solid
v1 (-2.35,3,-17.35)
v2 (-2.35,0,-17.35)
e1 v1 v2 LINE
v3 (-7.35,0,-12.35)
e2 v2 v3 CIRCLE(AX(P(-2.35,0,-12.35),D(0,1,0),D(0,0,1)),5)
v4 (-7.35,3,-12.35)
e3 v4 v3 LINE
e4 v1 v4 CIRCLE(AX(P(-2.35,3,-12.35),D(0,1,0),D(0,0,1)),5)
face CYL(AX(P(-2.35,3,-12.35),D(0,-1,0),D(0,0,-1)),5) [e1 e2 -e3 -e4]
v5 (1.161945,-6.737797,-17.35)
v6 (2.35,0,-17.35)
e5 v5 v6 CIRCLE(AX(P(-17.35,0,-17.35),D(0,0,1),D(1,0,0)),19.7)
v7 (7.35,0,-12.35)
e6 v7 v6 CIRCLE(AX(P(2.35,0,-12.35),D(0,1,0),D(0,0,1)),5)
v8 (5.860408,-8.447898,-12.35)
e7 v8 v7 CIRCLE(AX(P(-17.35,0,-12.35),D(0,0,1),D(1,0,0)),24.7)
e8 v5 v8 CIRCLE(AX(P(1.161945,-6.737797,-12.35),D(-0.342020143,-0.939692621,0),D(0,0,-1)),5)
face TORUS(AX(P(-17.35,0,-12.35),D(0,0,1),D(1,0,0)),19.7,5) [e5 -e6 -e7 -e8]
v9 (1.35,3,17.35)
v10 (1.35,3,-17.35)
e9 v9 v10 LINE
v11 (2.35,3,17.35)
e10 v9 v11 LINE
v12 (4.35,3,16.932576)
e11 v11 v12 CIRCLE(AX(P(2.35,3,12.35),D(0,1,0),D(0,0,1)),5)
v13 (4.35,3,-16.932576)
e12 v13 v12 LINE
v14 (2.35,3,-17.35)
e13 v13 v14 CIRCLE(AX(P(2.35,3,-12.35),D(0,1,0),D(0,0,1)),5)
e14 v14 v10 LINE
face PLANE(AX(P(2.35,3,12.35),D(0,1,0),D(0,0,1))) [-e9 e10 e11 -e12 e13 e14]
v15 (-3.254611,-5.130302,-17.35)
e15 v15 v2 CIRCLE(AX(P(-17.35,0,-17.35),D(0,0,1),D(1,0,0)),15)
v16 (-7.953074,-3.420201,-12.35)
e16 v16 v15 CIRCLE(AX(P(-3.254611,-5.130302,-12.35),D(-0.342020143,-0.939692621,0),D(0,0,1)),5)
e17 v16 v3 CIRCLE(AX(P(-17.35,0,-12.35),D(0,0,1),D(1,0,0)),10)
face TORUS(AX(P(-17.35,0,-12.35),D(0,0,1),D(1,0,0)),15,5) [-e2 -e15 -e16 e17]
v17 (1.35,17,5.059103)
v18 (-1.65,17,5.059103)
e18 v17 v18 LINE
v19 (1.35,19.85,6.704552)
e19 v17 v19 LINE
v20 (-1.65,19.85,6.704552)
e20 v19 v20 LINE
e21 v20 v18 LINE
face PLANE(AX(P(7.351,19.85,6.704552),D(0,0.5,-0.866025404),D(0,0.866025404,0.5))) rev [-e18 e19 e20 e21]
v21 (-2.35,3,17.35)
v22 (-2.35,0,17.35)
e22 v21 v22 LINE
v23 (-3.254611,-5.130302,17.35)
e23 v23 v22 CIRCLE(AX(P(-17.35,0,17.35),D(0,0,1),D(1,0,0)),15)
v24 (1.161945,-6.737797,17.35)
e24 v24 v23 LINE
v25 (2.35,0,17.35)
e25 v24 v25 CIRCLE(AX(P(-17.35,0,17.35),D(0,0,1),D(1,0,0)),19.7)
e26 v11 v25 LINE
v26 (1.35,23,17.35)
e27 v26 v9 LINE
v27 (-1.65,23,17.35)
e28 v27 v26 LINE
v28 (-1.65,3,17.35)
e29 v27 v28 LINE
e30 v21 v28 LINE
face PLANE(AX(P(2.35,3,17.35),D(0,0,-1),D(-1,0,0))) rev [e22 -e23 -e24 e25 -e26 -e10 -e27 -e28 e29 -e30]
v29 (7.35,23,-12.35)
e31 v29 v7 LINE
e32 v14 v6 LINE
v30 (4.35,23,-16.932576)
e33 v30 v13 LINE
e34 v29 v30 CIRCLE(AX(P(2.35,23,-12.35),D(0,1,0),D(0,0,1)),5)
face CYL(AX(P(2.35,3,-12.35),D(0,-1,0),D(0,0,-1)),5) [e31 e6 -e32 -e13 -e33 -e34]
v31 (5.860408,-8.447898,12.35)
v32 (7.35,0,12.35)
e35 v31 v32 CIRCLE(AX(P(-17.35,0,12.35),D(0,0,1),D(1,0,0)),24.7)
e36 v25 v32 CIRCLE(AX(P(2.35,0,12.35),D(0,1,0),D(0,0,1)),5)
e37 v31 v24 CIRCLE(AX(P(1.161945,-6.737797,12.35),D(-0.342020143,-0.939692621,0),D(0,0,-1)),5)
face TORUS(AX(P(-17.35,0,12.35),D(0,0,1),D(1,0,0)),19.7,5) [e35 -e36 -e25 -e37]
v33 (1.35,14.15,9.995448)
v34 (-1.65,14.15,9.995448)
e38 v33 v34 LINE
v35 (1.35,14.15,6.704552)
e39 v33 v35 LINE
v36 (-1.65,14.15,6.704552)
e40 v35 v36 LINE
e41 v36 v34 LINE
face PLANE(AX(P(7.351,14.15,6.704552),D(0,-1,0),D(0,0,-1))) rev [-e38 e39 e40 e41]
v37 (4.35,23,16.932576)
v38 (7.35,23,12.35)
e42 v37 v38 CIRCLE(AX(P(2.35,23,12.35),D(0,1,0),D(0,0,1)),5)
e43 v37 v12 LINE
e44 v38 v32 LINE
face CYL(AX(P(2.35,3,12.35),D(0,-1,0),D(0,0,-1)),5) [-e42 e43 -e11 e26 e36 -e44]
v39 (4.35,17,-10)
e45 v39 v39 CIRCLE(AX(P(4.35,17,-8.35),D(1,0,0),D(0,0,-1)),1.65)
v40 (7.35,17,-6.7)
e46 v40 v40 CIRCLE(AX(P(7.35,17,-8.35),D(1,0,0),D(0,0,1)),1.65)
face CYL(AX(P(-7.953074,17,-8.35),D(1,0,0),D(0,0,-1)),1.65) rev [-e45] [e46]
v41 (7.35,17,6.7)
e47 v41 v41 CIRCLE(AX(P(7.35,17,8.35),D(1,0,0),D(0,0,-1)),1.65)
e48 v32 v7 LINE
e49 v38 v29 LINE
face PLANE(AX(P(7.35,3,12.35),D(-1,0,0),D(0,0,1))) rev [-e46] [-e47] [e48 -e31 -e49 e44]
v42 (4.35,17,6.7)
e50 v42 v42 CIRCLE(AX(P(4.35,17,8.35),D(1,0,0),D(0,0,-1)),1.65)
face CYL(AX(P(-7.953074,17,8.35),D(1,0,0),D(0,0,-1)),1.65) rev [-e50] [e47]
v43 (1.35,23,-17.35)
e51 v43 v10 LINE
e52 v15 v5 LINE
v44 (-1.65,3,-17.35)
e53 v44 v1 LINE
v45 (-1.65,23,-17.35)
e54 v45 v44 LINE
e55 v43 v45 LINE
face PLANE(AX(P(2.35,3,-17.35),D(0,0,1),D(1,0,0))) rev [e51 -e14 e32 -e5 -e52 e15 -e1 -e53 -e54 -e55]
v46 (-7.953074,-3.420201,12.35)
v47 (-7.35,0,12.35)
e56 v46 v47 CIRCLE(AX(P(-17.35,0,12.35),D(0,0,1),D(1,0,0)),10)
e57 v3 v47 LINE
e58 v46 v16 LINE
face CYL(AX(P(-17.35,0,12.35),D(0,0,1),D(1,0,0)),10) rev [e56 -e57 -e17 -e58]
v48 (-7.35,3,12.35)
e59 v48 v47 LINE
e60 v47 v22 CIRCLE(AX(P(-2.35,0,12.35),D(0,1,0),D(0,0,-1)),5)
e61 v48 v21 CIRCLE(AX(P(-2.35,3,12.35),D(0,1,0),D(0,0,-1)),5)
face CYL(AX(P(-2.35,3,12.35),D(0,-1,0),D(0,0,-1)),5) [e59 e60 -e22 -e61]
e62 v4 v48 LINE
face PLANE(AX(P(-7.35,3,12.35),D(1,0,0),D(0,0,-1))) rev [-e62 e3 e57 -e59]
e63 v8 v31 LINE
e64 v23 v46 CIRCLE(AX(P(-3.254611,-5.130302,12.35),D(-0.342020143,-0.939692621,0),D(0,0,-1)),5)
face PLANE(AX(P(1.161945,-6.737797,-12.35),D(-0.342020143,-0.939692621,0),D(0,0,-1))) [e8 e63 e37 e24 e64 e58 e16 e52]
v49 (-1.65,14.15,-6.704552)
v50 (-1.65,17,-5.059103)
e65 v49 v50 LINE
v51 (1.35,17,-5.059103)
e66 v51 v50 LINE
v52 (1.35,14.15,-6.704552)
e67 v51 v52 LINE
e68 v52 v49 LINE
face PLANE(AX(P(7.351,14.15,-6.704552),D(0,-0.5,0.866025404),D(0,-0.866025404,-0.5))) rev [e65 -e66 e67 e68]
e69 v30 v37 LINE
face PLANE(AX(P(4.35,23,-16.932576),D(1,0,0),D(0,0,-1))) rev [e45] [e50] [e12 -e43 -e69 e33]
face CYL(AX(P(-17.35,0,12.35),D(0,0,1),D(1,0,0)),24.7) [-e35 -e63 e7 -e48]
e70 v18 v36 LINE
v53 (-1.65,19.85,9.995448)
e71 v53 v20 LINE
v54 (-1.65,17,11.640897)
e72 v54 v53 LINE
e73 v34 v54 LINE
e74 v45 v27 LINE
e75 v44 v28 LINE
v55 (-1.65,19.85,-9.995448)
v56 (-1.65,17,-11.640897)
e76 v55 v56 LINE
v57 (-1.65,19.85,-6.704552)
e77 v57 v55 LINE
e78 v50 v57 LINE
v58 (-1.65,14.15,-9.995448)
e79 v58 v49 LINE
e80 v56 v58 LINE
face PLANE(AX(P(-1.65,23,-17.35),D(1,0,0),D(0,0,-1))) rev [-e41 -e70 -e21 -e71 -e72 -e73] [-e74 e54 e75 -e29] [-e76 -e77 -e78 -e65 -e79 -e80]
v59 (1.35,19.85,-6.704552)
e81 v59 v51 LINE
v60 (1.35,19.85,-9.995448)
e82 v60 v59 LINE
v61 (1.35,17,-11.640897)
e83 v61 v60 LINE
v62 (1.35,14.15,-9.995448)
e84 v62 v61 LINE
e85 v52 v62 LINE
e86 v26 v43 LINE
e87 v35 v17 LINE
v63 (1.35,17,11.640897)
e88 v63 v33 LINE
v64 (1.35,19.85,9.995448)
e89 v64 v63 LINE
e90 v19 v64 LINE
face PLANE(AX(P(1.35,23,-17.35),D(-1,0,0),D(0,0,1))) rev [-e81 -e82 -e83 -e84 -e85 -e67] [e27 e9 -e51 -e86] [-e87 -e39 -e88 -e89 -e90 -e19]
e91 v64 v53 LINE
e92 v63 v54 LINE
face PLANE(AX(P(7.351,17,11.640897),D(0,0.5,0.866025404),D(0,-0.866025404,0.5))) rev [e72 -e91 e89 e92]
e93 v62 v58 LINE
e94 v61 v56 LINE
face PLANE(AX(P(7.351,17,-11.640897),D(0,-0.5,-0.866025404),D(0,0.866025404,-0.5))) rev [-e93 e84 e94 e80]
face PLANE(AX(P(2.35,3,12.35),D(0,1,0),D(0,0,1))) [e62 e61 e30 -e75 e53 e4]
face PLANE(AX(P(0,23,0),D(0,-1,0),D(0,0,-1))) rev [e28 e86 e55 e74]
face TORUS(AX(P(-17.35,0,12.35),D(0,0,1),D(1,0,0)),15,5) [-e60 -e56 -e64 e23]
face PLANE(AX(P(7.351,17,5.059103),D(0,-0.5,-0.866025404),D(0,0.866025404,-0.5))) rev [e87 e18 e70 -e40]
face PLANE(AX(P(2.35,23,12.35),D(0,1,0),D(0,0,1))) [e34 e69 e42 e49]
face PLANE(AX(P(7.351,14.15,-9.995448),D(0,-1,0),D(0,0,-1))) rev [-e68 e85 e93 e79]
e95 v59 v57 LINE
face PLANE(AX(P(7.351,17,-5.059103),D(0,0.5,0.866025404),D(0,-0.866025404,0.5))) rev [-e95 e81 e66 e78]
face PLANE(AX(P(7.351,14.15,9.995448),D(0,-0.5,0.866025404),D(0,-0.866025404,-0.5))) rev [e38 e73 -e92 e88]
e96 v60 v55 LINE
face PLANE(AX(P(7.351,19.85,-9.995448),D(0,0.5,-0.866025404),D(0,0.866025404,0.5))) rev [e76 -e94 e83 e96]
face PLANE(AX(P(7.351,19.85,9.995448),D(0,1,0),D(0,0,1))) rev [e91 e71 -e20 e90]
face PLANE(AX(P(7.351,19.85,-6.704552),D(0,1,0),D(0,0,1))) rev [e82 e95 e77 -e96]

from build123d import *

# Parameters (mm, degrees)
BOSS_EXTRU_1_DEPTH      = 3
R_VOLUTION1_ANGLE       = 20
ESQUISSE5_W             = 3
ESQUISSE5_H             = 34.7
BOSS_EXTRU_2_DEPTH      = 20
ESQUISSE6_R             = 1.65
ENL_V_MAT_EXTRU_1_DEPTH = 16.303073792
ENL_V_MAT_EXTRU_3_REACH = 11


with BuildPart() as part:
    # Esquisse1 → Boss.-Extru.1 (new body)
    with BuildSketch(Plane(origin=(0, 0, 0), x_dir=(1, 0, 0), z_dir=(0, 1, 0))):
        with BuildLine():
            Line((2.35, -17.35), (-2.35, -17.35))
            ThreePointArc((-2.35, -17.35), (-5.885533906, -15.885533906), (-7.35, -12.35))
            Line((-7.35, -12.35), (-7.35, 12.35))
            ThreePointArc((-7.35, 12.35), (-5.885533906, 15.885533906), (-2.35, 17.35))
            Line((-2.35, 17.35), (2.35, 17.35))
            ThreePointArc((2.35, 17.35), (5.885533906, 15.885533906), (7.35, 12.35))
            Line((7.35, 12.35), (7.35, -12.35))
            ThreePointArc((7.35, -12.35), (5.885533906, -15.885533906), (2.35, -17.35))
        make_face()
    extrude(amount=BOSS_EXTRU_1_DEPTH)

    # Esquisse4 → Révolution1 (revolve)
    with BuildSketch(Plane.XZ):
        with BuildLine():
            Line((2.35, -17.35), (-2.35, -17.35))
            ThreePointArc((-2.35, -17.35), (-5.885533906, -15.885533906), (-7.35, -12.35))
            Line((-7.35, -12.35), (-7.35, 12.35))
            ThreePointArc((-7.35, 12.35), (-5.885533906, 15.885533906), (-2.35, 17.35))
            Line((-2.35, 17.35), (2.35, 17.35))
            ThreePointArc((2.35, 17.35), (5.885533906, 15.885533906), (7.35, 12.35))
            Line((7.35, 12.35), (7.35, -12.35))
            ThreePointArc((7.35, -12.35), (5.885533906, -15.885533906), (2.35, -17.35))
        make_face()
    revolve(axis=Axis((-17.35, 0, 12.35), (0, 0, -1)), revolution_arc=R_VOLUTION1_ANGLE)

    # Esquisse5 → Boss.-Extru.2 (add)
    with BuildSketch(Plane(origin=(0, 3, 0), x_dir=(1, 0, 0), z_dir=(0, 1, 0))):
        with Locations((-0.15, 0)):
            Rectangle(ESQUISSE5_W, ESQUISSE5_H)
        with BuildLine():
            Line((7.35, -12.35), (7.35, 12.35))
            ThreePointArc((7.35, 12.35), (6.533300133, 15.088612788), (4.35, 16.932575695))
            Line((4.35, 16.932575695), (4.35, -16.932575695))
            ThreePointArc((4.35, -16.932575695), (6.533300133, -15.088612788), (7.35, -12.35))
        make_face()
    extrude(amount=BOSS_EXTRU_2_DEPTH)

    # Esquisse6 → Enlèv. mat.-Extru.1 (cut, through all)
    with BuildSketch(Plane(origin=(7.35, 0, 0), x_dir=(0, 0, -1), z_dir=(1, 0, 0))):
        with Locations((-8.35, 17)):
            Circle(ESQUISSE6_R)
        with Locations((8.35, 17)):
            Circle(ESQUISSE6_R)
    extrude(amount=-ENL_V_MAT_EXTRU_1_DEPTH, mode=Mode.SUBTRACT)

    # Esquisse8 → Enlèv. mat.-Extru.3 (cut, up to next)
    with BuildSketch(Plane.ZY.offset(1.65), mode=Mode.PRIVATE) as enl_v_mat_extru_3_sk1:
        Polygon((-6.704551733, 19.85), (-9.995448267, 19.85), (-11.640896534, 17), (-9.995448267, 14.15), (-6.704551733, 14.15), (-5.059103466, 17), align=None)
    enl_v_mat_extru_3_tool1 = extrude(enl_v_mat_extru_3_sk1.sketch, amount=-ENL_V_MAT_EXTRU_3_REACH, mode=Mode.PRIVATE) & part.part
    add(enl_v_mat_extru_3_tool1.solids().sort_by_distance((-1.65, 17, -8.35))[0], mode=Mode.SUBTRACT)
    # Esquisse8 → Enlèv. mat.-Extru.3 (cut, up to next)
    with BuildSketch(Plane.ZY.offset(1.65), mode=Mode.PRIVATE) as enl_v_mat_extru_3_sk2:
        Polygon((9.995448267, 19.85), (6.704551733, 19.85), (5.059103466, 17), (6.704551733, 14.15), (9.995448267, 14.15), (11.640896534, 17), align=None)
    enl_v_mat_extru_3_tool2 = extrude(enl_v_mat_extru_3_sk2.sketch, amount=-ENL_V_MAT_EXTRU_3_REACH, mode=Mode.PRIVATE) & part.part
    add(enl_v_mat_extru_3_tool2.solids().sort_by_distance((-1.65, 17, 8.35))[0], mode=Mode.SUBTRACT)


solid = part.part
